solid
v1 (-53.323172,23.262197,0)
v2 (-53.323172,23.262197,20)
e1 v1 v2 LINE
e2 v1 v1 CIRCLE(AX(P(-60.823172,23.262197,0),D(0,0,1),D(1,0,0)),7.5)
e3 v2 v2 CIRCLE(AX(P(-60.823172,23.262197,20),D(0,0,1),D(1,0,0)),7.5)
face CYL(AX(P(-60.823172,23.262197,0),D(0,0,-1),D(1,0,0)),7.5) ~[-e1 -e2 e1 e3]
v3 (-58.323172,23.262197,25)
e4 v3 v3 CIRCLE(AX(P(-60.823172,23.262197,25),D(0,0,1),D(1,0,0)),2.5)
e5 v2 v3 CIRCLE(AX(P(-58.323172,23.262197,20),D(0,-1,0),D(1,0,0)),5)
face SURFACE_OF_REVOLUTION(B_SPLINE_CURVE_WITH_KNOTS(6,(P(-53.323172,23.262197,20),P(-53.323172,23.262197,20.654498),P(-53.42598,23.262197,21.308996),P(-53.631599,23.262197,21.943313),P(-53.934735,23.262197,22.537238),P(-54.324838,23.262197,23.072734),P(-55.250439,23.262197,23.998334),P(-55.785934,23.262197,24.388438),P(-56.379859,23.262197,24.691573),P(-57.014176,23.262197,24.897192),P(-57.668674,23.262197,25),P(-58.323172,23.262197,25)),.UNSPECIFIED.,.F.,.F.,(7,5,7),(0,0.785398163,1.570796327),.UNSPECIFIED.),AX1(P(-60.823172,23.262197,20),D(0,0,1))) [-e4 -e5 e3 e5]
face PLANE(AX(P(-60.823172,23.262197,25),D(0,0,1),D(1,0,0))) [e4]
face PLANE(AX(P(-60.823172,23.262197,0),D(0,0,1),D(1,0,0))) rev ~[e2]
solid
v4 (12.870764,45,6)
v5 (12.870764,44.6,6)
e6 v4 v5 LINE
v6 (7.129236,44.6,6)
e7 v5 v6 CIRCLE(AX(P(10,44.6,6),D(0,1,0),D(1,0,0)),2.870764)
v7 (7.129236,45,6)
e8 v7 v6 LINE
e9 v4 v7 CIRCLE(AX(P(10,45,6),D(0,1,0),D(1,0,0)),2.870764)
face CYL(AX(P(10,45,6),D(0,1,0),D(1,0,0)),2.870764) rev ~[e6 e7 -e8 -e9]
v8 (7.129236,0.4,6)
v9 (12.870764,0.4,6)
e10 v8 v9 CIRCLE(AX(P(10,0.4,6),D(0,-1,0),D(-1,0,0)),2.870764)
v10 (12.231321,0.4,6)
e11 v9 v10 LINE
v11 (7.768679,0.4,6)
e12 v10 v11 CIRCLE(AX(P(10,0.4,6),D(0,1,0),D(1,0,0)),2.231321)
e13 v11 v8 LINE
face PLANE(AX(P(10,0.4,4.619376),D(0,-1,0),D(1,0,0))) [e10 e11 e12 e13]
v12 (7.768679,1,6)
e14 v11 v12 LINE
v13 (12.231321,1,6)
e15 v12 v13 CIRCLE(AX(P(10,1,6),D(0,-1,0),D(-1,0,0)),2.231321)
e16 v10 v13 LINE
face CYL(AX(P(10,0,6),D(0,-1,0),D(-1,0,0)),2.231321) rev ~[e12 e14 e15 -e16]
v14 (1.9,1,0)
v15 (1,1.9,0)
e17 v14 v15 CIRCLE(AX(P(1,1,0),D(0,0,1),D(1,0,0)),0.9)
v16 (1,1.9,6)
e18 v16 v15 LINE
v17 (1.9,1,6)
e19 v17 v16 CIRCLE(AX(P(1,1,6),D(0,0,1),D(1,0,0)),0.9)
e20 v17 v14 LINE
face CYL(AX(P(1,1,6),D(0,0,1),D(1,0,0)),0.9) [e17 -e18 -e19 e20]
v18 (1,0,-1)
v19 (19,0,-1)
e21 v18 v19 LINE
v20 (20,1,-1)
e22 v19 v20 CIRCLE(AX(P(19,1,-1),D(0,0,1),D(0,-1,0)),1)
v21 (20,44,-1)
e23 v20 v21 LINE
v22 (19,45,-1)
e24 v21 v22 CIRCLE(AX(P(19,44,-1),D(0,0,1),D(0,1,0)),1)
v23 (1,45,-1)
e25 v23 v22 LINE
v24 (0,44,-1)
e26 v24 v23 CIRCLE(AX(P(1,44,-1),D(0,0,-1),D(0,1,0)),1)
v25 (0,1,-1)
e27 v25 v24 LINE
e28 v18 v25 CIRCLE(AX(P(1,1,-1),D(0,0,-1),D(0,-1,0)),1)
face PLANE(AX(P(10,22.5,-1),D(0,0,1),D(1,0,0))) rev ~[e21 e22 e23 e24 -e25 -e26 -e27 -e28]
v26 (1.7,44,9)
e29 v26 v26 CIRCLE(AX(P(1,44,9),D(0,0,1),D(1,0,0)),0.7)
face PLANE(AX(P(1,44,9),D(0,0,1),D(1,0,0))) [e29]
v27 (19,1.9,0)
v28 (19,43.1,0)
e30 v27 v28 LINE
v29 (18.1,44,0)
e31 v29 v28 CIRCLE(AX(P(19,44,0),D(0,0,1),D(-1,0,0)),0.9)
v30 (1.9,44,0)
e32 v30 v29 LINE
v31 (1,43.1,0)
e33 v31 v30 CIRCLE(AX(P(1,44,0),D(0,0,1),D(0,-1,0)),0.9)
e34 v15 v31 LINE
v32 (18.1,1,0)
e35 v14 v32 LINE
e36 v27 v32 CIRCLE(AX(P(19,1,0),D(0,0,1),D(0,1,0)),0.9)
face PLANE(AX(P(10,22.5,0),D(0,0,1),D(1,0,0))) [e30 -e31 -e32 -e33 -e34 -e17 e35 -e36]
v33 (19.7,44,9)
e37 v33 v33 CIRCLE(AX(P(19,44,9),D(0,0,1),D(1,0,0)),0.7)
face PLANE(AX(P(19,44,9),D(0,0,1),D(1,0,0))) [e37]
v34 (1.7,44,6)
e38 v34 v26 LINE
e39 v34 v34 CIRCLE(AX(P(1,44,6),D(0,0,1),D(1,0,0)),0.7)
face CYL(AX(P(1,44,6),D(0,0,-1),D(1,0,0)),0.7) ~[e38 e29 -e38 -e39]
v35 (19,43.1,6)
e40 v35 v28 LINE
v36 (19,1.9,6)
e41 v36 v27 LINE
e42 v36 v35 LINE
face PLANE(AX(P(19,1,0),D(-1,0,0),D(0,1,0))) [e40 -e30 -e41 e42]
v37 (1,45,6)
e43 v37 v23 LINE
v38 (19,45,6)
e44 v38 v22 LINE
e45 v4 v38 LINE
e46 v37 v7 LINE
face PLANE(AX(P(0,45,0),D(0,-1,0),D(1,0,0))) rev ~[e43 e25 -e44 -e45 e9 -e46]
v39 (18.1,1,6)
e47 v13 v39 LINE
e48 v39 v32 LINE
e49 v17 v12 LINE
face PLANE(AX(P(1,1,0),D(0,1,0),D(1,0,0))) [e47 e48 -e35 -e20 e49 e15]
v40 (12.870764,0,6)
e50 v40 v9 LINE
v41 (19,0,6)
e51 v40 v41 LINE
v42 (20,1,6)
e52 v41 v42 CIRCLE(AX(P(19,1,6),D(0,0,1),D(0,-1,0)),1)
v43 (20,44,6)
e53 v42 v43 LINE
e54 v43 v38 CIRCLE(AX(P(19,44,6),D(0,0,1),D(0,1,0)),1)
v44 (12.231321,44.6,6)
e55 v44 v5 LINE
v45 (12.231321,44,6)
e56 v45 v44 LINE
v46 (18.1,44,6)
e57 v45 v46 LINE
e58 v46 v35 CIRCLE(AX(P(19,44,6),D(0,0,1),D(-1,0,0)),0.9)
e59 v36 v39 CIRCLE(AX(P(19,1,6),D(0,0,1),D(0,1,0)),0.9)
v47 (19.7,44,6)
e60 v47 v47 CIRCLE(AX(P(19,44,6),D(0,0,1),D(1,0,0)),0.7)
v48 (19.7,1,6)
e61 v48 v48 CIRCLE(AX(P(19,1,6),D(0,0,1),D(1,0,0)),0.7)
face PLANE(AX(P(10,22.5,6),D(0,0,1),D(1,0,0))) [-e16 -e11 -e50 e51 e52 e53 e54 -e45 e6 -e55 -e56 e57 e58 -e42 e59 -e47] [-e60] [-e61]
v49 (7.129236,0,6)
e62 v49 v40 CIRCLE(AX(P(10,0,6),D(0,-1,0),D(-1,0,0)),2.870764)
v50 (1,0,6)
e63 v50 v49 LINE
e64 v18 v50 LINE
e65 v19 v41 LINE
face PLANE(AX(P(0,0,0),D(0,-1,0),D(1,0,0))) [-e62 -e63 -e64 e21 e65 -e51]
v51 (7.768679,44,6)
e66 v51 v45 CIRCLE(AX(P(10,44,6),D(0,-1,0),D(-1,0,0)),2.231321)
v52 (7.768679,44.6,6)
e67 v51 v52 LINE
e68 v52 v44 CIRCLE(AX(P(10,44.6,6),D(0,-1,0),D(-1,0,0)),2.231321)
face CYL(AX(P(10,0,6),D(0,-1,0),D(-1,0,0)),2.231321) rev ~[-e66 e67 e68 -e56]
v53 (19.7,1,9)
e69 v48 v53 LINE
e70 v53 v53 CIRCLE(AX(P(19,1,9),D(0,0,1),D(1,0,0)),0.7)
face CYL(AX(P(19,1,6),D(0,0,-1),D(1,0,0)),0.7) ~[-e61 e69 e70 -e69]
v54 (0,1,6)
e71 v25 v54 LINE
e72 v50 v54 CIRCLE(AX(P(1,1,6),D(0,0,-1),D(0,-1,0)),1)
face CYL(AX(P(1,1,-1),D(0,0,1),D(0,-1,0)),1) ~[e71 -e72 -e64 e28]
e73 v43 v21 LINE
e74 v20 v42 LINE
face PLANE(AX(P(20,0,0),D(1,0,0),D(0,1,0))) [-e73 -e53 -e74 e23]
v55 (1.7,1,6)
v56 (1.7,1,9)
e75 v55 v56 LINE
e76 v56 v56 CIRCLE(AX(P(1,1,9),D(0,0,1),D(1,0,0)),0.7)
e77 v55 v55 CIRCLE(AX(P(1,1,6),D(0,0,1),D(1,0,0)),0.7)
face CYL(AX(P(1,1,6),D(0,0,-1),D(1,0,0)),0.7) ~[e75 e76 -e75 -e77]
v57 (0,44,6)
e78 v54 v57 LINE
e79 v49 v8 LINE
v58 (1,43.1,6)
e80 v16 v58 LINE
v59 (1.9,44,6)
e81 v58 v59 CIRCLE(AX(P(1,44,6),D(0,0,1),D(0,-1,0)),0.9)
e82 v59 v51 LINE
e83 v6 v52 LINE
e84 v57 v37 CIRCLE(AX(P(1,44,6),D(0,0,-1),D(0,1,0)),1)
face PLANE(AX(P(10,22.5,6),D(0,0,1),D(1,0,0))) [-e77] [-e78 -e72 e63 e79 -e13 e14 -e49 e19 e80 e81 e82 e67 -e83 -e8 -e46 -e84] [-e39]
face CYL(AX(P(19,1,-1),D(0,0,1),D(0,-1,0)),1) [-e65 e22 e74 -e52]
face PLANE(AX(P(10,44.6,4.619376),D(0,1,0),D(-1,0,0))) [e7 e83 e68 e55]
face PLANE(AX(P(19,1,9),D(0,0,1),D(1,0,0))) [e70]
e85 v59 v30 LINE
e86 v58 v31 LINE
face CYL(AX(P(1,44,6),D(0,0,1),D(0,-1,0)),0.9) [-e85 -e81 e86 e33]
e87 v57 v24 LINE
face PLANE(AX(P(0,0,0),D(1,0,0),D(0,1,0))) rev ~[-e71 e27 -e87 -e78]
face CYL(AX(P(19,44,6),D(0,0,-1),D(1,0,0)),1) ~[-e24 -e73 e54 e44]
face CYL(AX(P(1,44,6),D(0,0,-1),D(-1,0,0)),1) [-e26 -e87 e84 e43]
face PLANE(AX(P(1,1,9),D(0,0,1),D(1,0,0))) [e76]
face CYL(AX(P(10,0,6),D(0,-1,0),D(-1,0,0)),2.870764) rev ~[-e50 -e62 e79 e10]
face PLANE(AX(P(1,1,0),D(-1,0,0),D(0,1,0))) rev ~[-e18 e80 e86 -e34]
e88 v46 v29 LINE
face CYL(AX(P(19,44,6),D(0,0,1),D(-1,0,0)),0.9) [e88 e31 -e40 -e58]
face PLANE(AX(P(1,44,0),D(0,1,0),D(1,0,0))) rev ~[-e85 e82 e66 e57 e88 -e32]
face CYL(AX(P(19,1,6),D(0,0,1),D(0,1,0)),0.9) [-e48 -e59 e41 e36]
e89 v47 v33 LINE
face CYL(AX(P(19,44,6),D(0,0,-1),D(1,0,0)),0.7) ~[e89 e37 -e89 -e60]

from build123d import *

# Parameters (mm, degrees)
F0_W      = 20
F0_H      = 45
F0_W_2    = 18
F0_H_2    = 43
F1_DEPTH  = 6
F2_W      = 20
F2_H      = 45
F3_DEPTH  = 1
F5_DEPTH  = 6
F6_R      = 0.7
F7_DEPTH  = 3
F8_R      = 1
F9_R      = 1
F10_R     = 1
F13_DEPTH = 45.001
F14_DEPTH = 0.4
F15_DEPTH = 0.4
F16_R     = 7.5
F17_DEPTH = 25
F18_R     = 5


with BuildPart() as f1:
    # F0 (on Top) → F1 (new body)
    with BuildSketch(Plane.XY):
        with Locations((10, 22.5)):
            Rectangle(F0_W, F0_H)
        with Locations((10, 22.5)):
            Rectangle(F0_W_2, F0_H_2, mode=Mode.SUBTRACT)
    extrude(amount=F1_DEPTH)

    # F2 (on Top) → F3 (join)
    with BuildSketch(Plane.XY):
        with Locations((10, 22.5)):
            Rectangle(F2_W, F2_H)
    extrude(amount=-F3_DEPTH)

    # F4 (on face) → F5 (join)
    with BuildSketch(Plane.XY.offset(6)):
        with BuildLine():
            Line((19, 44), (19, 43.1))
            ThreePointArc((19, 43.1), (19.6363961031, 43.3636038969), (19.9, 44))
            ThreePointArc((19.9, 44), (19, 44.9), (18.1, 44))
            Line((18.1, 44), (19, 44))
        make_face()
        with BuildLine():
            Line((19, 1), (19, 1.9))
            ThreePointArc((19, 1.9), (18.3636038969, 1.6363961031), (18.1, 1))
            Line((18.1, 1), (19, 1))
        make_face()
        with BuildLine():
            ThreePointArc((18.1, 1), (19, 0.1), (19.9, 1))
            ThreePointArc((19.9, 1), (19.6363961031, 1.6363961031), (19, 1.9))
            Line((19, 1.9), (19, 1))
            Line((19, 1), (18.1, 1))
        make_face()
        with BuildLine():
            Line((1, 1), (1.9, 1))
            ThreePointArc((1.9, 1), (1.6363961031, 1.6363961031), (1, 1.9))
            Line((1, 1.9), (1, 1))
        make_face()
        with BuildLine():
            ThreePointArc((1, 43.1), (1.6363961031, 43.3636038969), (1.9, 44))
            Line((1.9, 44), (1, 44))
            Line((1, 44), (1, 43.1))
        make_face()
        with BuildLine():
            ThreePointArc((18.1, 44), (18.3636038969, 43.3636038969), (19, 43.1))
            Line((19, 43.1), (19, 44))
            Line((19, 44), (18.1, 44))
        make_face()
    extrude(amount=-F5_DEPTH)

    # F6 (on face) → F7 (join)
    with BuildSketch(Plane.XY.offset(6)):
        with Locations((1, 1)):
            Circle(F6_R)
        with Locations((19, 1)):
            Circle(F6_R)
        with Locations((1, 44)):
            Circle(F6_R)
        with Locations((19, 44)):
            Circle(F6_R)
    extrude(amount=F7_DEPTH)

    # F8
    f8_edges = [f1.edges().sort_by_distance(p)[0] for p in [
        (20, 0, 2.5),
    ]]
    fillet(f8_edges, radius=F8_R)

    # F9
    f9_edges = [f1.edges().sort_by_distance(p)[0] for p in [
        (0, 0, 2.5),
    ]]
    fillet(f9_edges, radius=F9_R)

    # F10
    f10_edges = [f1.edges().sort_by_distance(p)[0] for p in [
        (0, 45, 2.5),
        (20, 45, 2.5),
    ]]
    fillet(f10_edges, radius=F10_R)

    # F11 (on face) → F13 (cut, through all)
    with BuildSketch(Plane.XZ):
        with BuildLine():
            ThreePointArc((7.7686794017, 6), (10, 3.7686794017), (12.2313205983, 6))
            Line((12.2313205983, 6), (7.7686794017, 6))
        make_face()
    extrude(amount=-F13_DEPTH, mode=Mode.SUBTRACT)

    # F11 (on face) → F14 (cut)
    with BuildSketch(Plane.XZ):
        with BuildLine():
            ThreePointArc((7.1292357253, 6), (10, 3.1292357253), (12.8707642747, 6))
            Line((12.8707642747, 6), (12.2313205983, 6))
            ThreePointArc((12.2313205983, 6), (10, 3.7686794017), (7.7686794017, 6))
            Line((7.7686794017, 6), (7.1292357253, 6))
        make_face()
    extrude(amount=-F14_DEPTH, mode=Mode.SUBTRACT)

    # F12 (on face) → F15 (cut)
    with BuildSketch(Plane(origin=(0, 45, 0), x_dir=(-1, 0, 0), z_dir=(0, 1, 0))):
        with BuildLine():
            Line((-7.1292357253, 6), (-7.7686794017, 6))
            ThreePointArc((-7.7686794017, 6), (-10, 3.7686794017), (-12.2313205983, 6))
            Line((-12.2313205983, 6), (-12.8707642747, 6))
            ThreePointArc((-12.8707642747, 6), (-10, 3.1292357253), (-7.1292357253, 6))
        make_face()
    extrude(amount=-F15_DEPTH, mode=Mode.SUBTRACT)


with BuildPart() as f17:
    # F16 (on Top) → F17 (new body)
    with BuildSketch(Plane.XY):
        with Locations((-60.8231723309, 23.2621971518)):
            Circle(F16_R)
    extrude(amount=F17_DEPTH)

    # F18
    f18_edges = [f17.edges().sort_by_distance(p)[0] for p in [
        (-68.323172, 23.262197, 25),
    ]]
    fillet(f18_edges, radius=F18_R)


solid = Compound([f1.part, f17.part])
